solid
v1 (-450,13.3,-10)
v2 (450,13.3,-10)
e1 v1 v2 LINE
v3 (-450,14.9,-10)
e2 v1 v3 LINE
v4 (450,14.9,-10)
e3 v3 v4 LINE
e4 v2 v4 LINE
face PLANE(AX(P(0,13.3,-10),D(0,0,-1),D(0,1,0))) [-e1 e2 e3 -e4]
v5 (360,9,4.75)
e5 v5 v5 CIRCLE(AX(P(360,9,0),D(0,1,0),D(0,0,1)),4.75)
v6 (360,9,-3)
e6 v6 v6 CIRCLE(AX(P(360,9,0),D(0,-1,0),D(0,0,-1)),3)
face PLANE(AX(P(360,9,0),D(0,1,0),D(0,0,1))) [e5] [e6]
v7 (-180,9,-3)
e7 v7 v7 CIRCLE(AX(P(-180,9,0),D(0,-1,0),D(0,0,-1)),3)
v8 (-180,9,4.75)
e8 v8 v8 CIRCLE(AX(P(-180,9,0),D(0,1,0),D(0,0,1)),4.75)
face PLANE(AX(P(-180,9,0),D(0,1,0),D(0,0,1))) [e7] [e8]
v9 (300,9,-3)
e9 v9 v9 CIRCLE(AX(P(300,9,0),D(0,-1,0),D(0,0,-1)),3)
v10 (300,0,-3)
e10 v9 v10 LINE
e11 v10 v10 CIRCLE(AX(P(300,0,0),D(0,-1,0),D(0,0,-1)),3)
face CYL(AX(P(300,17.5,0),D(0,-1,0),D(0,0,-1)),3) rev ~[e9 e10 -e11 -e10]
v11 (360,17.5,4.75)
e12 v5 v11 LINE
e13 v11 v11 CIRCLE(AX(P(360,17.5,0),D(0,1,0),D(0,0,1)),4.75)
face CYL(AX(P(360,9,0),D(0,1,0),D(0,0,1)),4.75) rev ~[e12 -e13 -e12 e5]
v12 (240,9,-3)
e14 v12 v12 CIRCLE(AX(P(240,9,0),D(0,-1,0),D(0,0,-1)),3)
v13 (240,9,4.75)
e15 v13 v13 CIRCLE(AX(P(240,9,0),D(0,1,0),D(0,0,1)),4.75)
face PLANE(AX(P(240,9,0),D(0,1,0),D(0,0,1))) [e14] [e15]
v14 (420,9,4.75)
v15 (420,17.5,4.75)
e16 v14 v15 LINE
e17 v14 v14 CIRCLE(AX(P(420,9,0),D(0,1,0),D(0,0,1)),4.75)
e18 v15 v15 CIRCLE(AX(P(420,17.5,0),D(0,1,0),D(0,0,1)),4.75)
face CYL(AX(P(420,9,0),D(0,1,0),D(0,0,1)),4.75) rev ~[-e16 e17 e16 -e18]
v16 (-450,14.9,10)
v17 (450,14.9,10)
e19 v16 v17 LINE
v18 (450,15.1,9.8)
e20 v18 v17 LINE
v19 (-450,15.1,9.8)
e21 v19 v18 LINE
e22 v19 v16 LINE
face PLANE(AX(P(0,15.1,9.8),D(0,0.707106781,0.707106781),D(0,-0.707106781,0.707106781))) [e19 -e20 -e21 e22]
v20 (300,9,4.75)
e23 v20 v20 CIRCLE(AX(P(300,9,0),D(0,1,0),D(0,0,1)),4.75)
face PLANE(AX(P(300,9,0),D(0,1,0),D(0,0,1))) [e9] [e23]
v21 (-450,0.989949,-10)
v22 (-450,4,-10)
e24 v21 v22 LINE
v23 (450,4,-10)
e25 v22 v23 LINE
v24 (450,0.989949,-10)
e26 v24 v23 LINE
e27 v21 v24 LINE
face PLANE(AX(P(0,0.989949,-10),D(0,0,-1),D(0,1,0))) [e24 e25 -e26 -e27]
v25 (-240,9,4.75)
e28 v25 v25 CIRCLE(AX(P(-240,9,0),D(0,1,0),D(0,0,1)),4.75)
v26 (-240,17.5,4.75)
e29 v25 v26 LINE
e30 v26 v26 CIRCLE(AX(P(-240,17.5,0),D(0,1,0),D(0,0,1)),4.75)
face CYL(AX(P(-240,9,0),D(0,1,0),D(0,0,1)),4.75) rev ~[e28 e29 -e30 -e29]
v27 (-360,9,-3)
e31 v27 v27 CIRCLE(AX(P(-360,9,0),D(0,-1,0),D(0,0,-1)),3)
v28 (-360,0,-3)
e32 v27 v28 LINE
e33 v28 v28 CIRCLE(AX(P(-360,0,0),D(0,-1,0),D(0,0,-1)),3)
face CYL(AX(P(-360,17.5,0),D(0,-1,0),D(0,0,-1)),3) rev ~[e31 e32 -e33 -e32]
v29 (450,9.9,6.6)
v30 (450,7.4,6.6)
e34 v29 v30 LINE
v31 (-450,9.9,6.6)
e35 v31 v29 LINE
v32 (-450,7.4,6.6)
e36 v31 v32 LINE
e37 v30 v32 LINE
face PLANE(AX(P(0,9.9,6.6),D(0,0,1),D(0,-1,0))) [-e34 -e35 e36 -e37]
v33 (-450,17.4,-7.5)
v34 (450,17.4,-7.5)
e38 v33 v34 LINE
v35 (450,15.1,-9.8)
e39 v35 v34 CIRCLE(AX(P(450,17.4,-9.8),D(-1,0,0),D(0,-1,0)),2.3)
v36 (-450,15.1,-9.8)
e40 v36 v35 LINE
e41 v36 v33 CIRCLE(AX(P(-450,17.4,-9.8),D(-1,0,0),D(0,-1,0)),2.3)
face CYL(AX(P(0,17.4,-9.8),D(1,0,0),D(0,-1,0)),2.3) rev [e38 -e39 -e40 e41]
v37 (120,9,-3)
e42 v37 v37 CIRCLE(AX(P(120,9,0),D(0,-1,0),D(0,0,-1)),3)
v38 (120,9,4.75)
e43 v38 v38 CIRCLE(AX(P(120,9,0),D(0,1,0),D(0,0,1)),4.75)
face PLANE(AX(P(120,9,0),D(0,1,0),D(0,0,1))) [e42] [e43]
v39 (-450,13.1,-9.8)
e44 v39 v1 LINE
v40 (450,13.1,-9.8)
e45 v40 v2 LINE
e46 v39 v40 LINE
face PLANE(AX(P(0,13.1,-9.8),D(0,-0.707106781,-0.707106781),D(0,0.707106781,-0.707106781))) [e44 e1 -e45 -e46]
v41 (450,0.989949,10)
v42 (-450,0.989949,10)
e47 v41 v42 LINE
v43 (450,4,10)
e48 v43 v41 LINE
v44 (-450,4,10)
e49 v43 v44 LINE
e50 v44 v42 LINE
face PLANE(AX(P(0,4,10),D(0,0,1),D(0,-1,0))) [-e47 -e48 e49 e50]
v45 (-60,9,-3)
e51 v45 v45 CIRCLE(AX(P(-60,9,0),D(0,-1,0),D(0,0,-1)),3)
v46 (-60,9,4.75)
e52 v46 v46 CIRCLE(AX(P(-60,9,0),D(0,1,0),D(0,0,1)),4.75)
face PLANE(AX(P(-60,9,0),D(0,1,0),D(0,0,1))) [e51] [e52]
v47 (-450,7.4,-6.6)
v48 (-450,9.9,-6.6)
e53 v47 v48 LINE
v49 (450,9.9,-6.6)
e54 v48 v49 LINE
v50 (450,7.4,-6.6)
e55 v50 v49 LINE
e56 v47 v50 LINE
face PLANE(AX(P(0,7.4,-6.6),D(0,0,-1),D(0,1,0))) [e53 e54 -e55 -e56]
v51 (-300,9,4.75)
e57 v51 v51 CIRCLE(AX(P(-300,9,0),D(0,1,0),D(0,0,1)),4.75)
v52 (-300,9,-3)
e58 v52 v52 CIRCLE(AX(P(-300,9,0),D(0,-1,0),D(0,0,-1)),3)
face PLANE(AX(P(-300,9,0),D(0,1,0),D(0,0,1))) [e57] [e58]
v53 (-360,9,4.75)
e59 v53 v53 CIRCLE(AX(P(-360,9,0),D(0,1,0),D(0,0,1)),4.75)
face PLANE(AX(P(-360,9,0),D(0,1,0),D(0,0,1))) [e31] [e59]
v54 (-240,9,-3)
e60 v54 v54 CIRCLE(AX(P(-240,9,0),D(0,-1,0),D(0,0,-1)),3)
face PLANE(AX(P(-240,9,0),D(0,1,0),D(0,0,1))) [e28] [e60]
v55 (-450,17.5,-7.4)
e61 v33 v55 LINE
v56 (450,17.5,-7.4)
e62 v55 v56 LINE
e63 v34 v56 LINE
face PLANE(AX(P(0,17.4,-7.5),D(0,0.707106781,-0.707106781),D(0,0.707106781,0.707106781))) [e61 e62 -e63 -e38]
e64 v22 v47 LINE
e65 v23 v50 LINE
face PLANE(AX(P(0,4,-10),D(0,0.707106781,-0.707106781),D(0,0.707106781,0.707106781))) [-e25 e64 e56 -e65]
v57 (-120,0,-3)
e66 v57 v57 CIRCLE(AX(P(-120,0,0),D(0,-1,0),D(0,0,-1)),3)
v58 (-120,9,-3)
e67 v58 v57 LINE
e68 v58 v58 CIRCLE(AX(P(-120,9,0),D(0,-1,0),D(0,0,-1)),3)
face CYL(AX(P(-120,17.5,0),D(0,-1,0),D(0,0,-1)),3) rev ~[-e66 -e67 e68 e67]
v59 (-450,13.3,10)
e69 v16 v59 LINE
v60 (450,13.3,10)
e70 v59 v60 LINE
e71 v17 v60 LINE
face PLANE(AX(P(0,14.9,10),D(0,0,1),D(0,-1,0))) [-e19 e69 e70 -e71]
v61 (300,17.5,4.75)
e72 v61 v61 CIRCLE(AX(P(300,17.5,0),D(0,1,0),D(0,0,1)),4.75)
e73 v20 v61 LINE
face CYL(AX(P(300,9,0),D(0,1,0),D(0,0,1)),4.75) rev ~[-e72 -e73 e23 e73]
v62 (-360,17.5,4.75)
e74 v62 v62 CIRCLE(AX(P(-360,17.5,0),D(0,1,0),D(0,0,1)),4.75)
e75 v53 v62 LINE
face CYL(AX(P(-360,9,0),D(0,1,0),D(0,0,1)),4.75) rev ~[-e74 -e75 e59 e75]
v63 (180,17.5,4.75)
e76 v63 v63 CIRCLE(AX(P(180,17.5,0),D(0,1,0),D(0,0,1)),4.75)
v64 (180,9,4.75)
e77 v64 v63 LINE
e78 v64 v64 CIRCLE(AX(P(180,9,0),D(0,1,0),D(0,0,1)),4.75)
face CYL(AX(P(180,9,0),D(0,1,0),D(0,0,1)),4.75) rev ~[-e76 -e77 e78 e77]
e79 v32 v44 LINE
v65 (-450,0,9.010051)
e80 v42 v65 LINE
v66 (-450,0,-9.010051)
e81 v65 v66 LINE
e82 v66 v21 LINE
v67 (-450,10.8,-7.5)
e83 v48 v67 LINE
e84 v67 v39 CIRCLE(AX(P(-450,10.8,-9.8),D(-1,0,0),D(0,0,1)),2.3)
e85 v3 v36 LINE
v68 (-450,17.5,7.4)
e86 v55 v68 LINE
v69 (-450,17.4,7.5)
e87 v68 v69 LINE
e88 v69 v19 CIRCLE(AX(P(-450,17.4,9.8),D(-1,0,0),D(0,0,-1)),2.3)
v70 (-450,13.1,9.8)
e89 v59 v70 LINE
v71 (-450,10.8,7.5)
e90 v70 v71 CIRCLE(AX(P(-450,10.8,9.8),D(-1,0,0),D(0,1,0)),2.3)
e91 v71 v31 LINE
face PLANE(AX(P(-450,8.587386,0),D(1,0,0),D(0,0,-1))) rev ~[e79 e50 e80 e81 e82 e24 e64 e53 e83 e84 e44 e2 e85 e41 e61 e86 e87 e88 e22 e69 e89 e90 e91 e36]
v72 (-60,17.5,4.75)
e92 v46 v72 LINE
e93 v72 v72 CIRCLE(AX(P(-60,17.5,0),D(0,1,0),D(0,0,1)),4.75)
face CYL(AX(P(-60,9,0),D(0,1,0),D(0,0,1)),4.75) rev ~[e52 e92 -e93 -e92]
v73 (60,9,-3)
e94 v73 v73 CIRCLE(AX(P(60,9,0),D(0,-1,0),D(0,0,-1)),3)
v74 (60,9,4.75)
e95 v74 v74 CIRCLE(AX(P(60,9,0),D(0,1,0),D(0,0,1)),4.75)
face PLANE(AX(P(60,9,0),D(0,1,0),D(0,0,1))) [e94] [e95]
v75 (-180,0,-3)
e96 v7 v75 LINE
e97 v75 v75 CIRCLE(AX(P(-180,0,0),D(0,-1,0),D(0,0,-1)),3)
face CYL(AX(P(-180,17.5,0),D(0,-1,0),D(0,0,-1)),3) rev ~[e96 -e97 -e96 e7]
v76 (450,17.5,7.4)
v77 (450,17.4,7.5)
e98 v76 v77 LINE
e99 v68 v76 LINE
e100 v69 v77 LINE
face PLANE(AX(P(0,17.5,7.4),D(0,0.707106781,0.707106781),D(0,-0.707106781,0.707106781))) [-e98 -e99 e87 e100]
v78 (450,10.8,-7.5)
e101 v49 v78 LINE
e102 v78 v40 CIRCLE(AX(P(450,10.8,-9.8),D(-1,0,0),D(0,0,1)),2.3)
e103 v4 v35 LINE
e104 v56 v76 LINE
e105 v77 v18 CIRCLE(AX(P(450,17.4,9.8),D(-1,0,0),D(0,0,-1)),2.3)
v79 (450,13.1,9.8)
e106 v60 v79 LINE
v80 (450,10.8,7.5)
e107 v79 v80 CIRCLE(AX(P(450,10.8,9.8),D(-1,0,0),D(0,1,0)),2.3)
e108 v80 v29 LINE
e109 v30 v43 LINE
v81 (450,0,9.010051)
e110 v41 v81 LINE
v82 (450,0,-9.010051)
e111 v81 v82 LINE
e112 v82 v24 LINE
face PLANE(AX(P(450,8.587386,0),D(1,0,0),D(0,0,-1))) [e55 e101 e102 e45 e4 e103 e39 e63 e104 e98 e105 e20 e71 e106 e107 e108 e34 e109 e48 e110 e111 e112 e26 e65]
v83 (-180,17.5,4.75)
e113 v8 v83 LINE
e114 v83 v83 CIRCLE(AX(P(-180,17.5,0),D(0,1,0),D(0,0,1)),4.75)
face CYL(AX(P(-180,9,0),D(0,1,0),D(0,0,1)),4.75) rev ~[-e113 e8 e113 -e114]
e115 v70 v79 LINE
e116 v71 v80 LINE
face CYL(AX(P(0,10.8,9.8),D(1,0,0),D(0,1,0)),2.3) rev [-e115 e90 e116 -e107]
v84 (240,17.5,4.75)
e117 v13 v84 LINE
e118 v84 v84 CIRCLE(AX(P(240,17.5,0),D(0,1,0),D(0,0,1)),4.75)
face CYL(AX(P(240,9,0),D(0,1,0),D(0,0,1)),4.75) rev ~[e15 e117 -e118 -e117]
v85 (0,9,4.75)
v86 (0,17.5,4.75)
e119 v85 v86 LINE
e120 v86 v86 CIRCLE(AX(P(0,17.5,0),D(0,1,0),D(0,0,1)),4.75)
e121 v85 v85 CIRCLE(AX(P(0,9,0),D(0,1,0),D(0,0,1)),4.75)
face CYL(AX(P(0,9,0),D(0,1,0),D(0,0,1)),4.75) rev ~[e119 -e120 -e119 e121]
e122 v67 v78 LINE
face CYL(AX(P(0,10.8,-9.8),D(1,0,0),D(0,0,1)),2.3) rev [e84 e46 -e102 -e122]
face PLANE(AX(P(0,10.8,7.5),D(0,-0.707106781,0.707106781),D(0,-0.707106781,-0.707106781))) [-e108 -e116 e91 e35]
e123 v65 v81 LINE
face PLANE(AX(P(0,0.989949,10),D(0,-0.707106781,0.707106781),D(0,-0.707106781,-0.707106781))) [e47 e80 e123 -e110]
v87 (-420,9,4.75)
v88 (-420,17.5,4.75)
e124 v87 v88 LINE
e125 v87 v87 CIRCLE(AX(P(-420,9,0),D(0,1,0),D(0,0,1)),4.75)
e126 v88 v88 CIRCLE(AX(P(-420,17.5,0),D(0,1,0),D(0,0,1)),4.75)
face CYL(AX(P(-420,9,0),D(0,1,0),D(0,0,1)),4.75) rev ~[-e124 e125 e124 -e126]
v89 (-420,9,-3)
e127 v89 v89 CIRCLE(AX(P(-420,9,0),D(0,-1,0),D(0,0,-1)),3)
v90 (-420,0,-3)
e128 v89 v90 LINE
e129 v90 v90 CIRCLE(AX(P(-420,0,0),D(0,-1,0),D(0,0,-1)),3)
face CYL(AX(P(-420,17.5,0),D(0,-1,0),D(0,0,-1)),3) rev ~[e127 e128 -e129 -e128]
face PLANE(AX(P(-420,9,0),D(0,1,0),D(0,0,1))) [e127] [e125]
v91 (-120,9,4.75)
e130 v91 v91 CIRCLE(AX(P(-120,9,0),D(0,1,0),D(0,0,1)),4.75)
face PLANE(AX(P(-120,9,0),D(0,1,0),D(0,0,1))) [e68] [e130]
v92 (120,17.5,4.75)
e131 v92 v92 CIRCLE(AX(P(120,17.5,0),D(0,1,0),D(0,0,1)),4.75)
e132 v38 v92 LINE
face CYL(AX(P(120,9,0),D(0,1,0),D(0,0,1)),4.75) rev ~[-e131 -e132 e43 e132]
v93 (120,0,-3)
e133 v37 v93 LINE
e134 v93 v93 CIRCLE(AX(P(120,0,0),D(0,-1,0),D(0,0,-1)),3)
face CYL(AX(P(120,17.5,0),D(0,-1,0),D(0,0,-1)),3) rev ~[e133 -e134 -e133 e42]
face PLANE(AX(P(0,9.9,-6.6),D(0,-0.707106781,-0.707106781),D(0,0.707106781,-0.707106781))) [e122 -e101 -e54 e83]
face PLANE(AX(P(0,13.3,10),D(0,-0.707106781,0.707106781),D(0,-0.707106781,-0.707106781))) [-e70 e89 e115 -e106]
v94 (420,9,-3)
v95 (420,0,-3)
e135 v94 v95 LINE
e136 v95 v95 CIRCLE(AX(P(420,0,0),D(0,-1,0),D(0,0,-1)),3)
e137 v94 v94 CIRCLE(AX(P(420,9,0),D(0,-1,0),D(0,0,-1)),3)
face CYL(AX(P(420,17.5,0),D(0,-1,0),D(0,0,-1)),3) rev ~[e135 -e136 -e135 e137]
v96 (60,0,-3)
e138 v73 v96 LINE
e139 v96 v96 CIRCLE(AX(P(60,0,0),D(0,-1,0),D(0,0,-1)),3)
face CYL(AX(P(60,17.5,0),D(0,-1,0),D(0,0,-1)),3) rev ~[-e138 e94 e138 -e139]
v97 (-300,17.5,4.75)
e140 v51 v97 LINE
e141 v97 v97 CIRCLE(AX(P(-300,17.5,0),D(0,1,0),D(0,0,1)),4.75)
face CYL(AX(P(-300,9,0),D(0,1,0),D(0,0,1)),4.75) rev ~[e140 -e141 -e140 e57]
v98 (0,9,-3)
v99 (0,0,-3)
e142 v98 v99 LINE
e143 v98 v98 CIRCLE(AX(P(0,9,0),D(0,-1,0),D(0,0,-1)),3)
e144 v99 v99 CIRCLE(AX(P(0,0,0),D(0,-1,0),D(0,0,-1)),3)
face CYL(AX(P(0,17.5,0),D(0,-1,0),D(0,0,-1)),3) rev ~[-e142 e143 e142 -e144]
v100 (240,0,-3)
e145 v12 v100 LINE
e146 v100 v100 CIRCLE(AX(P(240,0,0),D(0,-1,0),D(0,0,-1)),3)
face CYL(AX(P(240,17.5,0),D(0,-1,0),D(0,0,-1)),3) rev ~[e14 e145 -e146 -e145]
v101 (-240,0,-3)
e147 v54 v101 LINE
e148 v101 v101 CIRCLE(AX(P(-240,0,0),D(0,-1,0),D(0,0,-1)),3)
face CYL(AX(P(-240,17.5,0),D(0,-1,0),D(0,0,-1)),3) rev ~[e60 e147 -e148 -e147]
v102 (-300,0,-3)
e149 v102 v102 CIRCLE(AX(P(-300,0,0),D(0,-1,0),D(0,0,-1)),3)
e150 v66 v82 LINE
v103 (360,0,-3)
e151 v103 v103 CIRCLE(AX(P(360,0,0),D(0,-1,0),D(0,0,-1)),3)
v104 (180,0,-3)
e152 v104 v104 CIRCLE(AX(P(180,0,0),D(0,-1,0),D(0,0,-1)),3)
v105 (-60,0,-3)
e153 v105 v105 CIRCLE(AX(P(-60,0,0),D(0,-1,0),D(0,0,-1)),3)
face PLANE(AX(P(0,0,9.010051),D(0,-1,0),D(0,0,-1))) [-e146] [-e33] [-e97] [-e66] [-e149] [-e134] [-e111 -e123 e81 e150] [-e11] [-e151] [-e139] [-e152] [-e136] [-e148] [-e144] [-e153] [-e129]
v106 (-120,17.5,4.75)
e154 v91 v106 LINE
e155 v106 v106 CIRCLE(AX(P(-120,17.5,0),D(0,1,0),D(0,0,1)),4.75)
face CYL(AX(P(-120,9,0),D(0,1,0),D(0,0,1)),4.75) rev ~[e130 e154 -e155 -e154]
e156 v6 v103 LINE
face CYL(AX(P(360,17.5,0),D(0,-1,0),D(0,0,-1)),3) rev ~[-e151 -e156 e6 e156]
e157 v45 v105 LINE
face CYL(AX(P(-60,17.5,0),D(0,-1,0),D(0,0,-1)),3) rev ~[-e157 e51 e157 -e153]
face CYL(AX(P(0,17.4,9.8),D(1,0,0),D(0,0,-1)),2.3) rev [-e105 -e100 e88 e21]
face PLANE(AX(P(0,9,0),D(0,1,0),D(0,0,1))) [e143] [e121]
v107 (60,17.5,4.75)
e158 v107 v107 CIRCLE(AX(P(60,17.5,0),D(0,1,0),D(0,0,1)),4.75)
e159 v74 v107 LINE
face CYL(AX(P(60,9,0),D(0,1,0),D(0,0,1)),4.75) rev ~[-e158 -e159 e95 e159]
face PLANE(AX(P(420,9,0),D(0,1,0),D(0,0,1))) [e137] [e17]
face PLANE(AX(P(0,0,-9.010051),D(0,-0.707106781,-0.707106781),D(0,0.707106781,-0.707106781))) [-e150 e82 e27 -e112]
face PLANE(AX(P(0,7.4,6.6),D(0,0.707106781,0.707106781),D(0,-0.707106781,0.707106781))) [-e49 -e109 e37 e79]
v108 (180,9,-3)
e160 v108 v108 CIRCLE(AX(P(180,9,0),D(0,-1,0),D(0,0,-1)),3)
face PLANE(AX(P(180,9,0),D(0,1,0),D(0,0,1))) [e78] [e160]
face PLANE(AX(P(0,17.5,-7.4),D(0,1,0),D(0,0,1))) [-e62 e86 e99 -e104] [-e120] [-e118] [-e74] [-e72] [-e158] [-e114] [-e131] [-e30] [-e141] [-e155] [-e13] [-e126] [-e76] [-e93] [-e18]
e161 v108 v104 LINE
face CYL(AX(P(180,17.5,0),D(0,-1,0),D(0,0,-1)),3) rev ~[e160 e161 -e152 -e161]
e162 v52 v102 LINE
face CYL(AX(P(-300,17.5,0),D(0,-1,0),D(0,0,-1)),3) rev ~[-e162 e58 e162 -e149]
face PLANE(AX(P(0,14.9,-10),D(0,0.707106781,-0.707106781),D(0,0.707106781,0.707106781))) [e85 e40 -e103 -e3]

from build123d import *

# Parameters (mm, degrees)
EXTRUDE_1_DEPTH                  = 450
HOLE_WIZARD_M6_78051_D           = 6
HOLE_WIZARD_M6_78051_CBORE_D     = 9.5
HOLE_WIZARD_M6_78051_CBORE_DEPTH = 8.5
PATTERN_LINEAR_1_COUNT           = 8
PATTERN_LINEAR_1_PITCH           = 60
PATTERN_LINEAR_2_COUNT           = 8
PATTERN_LINEAR_2_PITCH           = 60


with BuildPart() as part:
    # Эскиз1 → Бобышка-Вытянуть1 (new, symmetric)
    with BuildSketch(Plane(origin=(0, 0, 0), x_dir=(0, 0, -1), z_dir=(1, 0, 0))):
        with BuildLine():
            Line((-10, 0.989949494), (-9.010050506, 0))
            Line((-9.010050506, 0), (9.010050506, 0))
            Line((9.010050506, 0), (10, 0.989949494))
            Line((10, 0.989949494), (10, 4))
            Line((10, 4), (6.6, 7.4))
            Line((6.6, 7.4), (6.6, 9.9))
            Line((6.6, 9.9), (7.5, 10.8))
            ThreePointArc((7.5, 10.8), (8.173654403, 12.426345597), (9.8, 13.1))
            Line((9.8, 13.1), (10, 13.3))
            Line((10, 13.3), (10, 14.9))
            Line((10, 14.9), (9.8, 15.1))
            ThreePointArc((9.8, 15.1), (8.173654403, 15.773654403), (7.5, 17.4))
            Line((7.5, 17.4), (7.4, 17.5))
            Line((7.4, 17.5), (-7.4, 17.5))
            Line((-7.4, 17.5), (-7.5, 17.4))
            ThreePointArc((-7.5, 17.4), (-8.173654403, 15.773654403), (-9.8, 15.1))
            Line((-9.8, 15.1), (-10, 14.9))
            Line((-10, 14.9), (-10, 13.3))
            Line((-10, 13.3), (-9.8, 13.1))
            ThreePointArc((-9.8, 13.1), (-8.173654403, 12.426345597), (-7.5, 10.8))
            Line((-7.5, 10.8), (-6.6, 9.9))
            Line((-6.6, 9.9), (-6.6, 7.4))
            Line((-6.6, 7.4), (-10, 4))
            Line((-10, 4), (-10, 0.989949494))
        make_face()
    extrude(amount=EXTRUDE_1_DEPTH, both=True)

    # Цековка M6 для болта с шестигранной головкой класса А ГОСТ 78051 (through all)
    with Locations(Plane.ZX.offset(17.5)):
        with Locations((0, 0)):
            hole_wizard_m6_78051 = CounterBoreHole(HOLE_WIZARD_M6_78051_D / 2, HOLE_WIZARD_M6_78051_CBORE_D / 2, HOLE_WIZARD_M6_78051_CBORE_DEPTH)

    # Линейный массив1: Цековка M6 для болта с шестигранной головкой класса А ГОСТ 78051 ×8
    with Locations(*[(i * PATTERN_LINEAR_1_PITCH, 0, 0) for i in range(1, PATTERN_LINEAR_1_COUNT)]):
        add(hole_wizard_m6_78051, mode=Mode.SUBTRACT)

    # Линейный массив2: Цековка M6 для болта с шестигранной головкой класса А ГОСТ 78051 ×8
    with Locations(*[(-i * PATTERN_LINEAR_2_PITCH, 0, 0) for i in range(1, PATTERN_LINEAR_2_COUNT)]):
        add(hole_wizard_m6_78051, mode=Mode.SUBTRACT)


solid = part.part
